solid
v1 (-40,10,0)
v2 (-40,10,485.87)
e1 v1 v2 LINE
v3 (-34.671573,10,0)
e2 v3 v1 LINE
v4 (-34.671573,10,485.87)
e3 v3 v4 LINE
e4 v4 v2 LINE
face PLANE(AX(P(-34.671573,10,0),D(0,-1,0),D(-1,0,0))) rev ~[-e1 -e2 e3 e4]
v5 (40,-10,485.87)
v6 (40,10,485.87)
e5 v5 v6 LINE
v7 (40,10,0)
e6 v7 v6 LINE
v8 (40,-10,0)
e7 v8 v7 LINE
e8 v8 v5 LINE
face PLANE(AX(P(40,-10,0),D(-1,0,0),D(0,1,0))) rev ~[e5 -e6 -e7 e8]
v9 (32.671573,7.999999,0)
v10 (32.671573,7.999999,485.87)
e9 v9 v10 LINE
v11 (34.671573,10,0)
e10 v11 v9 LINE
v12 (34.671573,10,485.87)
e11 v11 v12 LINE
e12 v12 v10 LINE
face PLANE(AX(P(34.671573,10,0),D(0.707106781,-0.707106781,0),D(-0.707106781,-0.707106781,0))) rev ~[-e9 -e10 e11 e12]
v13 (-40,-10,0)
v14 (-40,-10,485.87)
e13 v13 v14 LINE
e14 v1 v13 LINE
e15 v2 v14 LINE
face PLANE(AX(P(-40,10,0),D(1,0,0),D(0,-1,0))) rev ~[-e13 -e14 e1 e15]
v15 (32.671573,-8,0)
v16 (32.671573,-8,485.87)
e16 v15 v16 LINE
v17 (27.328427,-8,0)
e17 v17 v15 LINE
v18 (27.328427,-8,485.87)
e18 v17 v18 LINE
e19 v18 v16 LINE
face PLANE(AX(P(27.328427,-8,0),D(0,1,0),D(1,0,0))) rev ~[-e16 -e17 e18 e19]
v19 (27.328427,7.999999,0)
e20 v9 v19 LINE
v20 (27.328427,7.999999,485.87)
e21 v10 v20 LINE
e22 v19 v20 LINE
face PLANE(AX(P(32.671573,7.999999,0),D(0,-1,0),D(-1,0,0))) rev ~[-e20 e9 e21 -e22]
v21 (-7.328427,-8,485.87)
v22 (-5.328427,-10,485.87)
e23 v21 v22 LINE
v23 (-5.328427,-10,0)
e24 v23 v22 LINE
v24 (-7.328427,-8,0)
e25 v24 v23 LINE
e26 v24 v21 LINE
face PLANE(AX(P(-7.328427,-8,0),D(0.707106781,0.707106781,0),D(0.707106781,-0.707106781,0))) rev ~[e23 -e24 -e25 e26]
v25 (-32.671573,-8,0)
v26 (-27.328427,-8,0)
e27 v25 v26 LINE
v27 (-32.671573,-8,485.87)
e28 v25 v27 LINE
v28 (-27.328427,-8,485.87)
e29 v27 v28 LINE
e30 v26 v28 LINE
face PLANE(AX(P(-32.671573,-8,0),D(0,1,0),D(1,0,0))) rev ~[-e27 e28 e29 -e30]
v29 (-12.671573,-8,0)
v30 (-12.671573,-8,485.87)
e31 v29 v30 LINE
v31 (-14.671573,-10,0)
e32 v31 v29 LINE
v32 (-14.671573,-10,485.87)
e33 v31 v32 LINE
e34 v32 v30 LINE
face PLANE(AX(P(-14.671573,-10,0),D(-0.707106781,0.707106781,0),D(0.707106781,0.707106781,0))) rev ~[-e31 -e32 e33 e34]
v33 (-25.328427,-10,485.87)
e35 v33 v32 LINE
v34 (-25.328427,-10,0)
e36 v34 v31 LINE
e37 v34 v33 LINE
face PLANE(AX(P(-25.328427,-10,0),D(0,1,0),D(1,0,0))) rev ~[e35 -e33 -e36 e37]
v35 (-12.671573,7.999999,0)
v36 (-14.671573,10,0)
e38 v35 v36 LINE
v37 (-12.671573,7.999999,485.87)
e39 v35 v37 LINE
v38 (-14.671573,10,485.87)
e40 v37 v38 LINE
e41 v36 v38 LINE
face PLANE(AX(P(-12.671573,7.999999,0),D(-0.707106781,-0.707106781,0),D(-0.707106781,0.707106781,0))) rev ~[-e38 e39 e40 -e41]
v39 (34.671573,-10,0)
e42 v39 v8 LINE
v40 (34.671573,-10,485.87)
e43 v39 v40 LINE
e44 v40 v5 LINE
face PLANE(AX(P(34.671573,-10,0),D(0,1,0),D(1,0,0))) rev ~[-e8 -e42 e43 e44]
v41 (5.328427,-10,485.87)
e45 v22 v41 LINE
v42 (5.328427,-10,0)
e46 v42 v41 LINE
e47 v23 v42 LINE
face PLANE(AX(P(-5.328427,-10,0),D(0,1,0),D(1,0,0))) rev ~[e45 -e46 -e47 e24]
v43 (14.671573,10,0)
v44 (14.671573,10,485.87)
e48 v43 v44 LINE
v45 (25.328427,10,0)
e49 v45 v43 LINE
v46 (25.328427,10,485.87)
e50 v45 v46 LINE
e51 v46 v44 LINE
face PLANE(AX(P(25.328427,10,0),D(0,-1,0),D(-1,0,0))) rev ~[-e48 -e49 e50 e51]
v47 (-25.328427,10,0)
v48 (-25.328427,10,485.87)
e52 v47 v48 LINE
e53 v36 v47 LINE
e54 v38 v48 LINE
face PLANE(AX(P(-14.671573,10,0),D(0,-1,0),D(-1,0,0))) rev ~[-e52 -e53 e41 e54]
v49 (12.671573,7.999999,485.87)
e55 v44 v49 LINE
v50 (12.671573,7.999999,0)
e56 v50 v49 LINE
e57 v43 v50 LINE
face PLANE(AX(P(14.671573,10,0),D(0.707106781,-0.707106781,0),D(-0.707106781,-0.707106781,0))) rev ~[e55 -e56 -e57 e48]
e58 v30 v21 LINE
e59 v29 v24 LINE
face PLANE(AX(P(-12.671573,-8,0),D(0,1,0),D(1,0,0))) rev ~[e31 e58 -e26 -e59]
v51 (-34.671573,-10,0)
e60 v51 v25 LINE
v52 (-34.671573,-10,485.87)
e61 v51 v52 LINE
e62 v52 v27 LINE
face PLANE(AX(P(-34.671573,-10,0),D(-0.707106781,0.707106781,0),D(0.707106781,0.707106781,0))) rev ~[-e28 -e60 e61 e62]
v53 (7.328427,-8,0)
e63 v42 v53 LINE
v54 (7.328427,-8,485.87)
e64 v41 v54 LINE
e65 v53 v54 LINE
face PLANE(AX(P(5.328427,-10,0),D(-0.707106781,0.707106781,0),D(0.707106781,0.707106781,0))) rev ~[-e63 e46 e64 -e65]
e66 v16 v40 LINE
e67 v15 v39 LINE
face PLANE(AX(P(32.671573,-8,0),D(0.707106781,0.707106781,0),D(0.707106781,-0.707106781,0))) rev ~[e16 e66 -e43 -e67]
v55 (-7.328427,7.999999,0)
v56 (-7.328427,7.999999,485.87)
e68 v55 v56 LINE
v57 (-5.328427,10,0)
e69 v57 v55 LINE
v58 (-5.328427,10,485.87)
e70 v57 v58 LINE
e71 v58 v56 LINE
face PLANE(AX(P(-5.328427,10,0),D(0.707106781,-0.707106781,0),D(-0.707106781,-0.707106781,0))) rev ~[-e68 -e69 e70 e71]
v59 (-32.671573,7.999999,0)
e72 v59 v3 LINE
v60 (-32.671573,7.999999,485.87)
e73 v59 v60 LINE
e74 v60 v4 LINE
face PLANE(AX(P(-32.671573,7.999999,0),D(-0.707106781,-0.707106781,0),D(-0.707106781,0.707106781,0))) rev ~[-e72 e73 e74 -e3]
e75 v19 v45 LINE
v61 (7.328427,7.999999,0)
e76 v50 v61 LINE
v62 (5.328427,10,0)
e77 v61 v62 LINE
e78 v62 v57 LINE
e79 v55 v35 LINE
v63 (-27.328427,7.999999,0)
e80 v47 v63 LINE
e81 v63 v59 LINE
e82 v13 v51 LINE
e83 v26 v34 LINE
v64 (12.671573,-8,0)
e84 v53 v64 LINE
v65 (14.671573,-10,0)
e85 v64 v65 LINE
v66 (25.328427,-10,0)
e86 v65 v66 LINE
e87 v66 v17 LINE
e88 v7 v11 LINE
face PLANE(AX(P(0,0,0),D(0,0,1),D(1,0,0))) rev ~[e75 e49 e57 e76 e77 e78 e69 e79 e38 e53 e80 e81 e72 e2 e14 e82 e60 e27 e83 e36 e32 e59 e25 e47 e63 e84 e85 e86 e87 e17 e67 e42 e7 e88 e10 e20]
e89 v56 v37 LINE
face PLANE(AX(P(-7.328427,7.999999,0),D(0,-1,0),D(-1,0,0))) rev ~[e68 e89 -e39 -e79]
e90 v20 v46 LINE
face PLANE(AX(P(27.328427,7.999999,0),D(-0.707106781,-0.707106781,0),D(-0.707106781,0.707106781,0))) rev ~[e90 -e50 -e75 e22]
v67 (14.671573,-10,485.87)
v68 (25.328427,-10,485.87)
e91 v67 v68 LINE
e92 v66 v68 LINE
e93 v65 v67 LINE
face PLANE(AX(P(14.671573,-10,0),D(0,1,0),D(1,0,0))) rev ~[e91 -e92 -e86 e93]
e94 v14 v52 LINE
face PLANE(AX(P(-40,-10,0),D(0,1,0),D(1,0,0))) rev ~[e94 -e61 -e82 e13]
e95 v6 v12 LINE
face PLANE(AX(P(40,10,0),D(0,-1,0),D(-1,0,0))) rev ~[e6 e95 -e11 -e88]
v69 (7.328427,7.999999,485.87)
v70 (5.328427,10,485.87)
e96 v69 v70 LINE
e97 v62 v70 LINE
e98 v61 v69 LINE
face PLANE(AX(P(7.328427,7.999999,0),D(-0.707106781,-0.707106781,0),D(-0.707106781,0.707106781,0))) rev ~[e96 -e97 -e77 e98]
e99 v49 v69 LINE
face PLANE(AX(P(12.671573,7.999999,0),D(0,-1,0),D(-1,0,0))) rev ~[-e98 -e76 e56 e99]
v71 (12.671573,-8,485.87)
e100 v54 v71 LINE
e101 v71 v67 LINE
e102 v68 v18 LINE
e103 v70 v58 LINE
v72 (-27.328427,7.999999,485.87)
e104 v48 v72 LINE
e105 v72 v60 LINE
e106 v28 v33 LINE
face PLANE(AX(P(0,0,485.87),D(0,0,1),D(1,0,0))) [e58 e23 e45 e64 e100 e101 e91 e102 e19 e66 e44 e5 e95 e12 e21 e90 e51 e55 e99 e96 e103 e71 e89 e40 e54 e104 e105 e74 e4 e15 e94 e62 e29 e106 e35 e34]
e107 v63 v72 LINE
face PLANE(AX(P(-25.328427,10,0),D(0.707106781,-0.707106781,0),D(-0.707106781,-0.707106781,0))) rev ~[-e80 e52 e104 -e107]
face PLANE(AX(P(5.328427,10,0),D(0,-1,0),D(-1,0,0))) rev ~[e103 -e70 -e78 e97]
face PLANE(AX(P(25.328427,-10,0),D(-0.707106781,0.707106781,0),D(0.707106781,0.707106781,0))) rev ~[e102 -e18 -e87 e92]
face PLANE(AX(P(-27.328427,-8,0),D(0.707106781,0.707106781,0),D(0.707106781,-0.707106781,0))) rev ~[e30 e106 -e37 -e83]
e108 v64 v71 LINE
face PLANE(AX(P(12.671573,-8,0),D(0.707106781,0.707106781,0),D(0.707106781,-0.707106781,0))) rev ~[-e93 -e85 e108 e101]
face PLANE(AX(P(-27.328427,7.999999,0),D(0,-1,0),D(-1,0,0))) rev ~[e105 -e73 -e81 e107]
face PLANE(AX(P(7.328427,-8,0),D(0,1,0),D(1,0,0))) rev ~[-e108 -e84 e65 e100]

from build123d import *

# Parameters (mm, degrees)
BOSS_EXTRUDE1_DEPTH = 485.87


with BuildPart() as part:
    # Sketch1 → Boss-Extrude1 (new body)
    with BuildSketch(Plane.XY):
        Polygon((34.671573234, -10.000000185), (40.000000001, -10.000000185), (40.000000001, 9.999999821), (34.671573234, 9.999999821), (32.671572877, 7.999999463), (27.328427125, 7.999999463), (25.328426768, 9.999999821), (14.671573234, 9.999999821), (12.671572876, 7.999999463), (7.328427125, 7.999999463), (5.328426767, 9.999999821), (-5.328426766, 9.999999821), (-7.328427124, 7.999999463), (-12.671572876, 7.999999463), (-14.671573233, 9.999999821), (-25.328426767, 9.999999821), (-27.328427124, 7.999999463), (-32.671572876, 7.999999463), (-34.671573233, 9.999999821), (-40, 9.999999821), (-40, -10.000000185), (-34.671573233, -10.000000185), (-32.671572876, -7.999999827), (-27.328427124, -7.999999827), (-25.328426767, -10.000000185), (-14.671573233, -10.000000185), (-12.671572876, -7.999999827), (-7.328427124, -7.999999827), (-5.328426766, -10.000000185), (5.328426767, -10.000000185), (7.328427125, -7.999999827), (12.671572876, -7.999999827), (14.671573234, -10.000000185), (25.328426768, -10.000000185), (27.328427125, -7.999999827), (32.671572877, -7.999999827), align=None)
    extrude(amount=BOSS_EXTRUDE1_DEPTH)


solid = part.part
